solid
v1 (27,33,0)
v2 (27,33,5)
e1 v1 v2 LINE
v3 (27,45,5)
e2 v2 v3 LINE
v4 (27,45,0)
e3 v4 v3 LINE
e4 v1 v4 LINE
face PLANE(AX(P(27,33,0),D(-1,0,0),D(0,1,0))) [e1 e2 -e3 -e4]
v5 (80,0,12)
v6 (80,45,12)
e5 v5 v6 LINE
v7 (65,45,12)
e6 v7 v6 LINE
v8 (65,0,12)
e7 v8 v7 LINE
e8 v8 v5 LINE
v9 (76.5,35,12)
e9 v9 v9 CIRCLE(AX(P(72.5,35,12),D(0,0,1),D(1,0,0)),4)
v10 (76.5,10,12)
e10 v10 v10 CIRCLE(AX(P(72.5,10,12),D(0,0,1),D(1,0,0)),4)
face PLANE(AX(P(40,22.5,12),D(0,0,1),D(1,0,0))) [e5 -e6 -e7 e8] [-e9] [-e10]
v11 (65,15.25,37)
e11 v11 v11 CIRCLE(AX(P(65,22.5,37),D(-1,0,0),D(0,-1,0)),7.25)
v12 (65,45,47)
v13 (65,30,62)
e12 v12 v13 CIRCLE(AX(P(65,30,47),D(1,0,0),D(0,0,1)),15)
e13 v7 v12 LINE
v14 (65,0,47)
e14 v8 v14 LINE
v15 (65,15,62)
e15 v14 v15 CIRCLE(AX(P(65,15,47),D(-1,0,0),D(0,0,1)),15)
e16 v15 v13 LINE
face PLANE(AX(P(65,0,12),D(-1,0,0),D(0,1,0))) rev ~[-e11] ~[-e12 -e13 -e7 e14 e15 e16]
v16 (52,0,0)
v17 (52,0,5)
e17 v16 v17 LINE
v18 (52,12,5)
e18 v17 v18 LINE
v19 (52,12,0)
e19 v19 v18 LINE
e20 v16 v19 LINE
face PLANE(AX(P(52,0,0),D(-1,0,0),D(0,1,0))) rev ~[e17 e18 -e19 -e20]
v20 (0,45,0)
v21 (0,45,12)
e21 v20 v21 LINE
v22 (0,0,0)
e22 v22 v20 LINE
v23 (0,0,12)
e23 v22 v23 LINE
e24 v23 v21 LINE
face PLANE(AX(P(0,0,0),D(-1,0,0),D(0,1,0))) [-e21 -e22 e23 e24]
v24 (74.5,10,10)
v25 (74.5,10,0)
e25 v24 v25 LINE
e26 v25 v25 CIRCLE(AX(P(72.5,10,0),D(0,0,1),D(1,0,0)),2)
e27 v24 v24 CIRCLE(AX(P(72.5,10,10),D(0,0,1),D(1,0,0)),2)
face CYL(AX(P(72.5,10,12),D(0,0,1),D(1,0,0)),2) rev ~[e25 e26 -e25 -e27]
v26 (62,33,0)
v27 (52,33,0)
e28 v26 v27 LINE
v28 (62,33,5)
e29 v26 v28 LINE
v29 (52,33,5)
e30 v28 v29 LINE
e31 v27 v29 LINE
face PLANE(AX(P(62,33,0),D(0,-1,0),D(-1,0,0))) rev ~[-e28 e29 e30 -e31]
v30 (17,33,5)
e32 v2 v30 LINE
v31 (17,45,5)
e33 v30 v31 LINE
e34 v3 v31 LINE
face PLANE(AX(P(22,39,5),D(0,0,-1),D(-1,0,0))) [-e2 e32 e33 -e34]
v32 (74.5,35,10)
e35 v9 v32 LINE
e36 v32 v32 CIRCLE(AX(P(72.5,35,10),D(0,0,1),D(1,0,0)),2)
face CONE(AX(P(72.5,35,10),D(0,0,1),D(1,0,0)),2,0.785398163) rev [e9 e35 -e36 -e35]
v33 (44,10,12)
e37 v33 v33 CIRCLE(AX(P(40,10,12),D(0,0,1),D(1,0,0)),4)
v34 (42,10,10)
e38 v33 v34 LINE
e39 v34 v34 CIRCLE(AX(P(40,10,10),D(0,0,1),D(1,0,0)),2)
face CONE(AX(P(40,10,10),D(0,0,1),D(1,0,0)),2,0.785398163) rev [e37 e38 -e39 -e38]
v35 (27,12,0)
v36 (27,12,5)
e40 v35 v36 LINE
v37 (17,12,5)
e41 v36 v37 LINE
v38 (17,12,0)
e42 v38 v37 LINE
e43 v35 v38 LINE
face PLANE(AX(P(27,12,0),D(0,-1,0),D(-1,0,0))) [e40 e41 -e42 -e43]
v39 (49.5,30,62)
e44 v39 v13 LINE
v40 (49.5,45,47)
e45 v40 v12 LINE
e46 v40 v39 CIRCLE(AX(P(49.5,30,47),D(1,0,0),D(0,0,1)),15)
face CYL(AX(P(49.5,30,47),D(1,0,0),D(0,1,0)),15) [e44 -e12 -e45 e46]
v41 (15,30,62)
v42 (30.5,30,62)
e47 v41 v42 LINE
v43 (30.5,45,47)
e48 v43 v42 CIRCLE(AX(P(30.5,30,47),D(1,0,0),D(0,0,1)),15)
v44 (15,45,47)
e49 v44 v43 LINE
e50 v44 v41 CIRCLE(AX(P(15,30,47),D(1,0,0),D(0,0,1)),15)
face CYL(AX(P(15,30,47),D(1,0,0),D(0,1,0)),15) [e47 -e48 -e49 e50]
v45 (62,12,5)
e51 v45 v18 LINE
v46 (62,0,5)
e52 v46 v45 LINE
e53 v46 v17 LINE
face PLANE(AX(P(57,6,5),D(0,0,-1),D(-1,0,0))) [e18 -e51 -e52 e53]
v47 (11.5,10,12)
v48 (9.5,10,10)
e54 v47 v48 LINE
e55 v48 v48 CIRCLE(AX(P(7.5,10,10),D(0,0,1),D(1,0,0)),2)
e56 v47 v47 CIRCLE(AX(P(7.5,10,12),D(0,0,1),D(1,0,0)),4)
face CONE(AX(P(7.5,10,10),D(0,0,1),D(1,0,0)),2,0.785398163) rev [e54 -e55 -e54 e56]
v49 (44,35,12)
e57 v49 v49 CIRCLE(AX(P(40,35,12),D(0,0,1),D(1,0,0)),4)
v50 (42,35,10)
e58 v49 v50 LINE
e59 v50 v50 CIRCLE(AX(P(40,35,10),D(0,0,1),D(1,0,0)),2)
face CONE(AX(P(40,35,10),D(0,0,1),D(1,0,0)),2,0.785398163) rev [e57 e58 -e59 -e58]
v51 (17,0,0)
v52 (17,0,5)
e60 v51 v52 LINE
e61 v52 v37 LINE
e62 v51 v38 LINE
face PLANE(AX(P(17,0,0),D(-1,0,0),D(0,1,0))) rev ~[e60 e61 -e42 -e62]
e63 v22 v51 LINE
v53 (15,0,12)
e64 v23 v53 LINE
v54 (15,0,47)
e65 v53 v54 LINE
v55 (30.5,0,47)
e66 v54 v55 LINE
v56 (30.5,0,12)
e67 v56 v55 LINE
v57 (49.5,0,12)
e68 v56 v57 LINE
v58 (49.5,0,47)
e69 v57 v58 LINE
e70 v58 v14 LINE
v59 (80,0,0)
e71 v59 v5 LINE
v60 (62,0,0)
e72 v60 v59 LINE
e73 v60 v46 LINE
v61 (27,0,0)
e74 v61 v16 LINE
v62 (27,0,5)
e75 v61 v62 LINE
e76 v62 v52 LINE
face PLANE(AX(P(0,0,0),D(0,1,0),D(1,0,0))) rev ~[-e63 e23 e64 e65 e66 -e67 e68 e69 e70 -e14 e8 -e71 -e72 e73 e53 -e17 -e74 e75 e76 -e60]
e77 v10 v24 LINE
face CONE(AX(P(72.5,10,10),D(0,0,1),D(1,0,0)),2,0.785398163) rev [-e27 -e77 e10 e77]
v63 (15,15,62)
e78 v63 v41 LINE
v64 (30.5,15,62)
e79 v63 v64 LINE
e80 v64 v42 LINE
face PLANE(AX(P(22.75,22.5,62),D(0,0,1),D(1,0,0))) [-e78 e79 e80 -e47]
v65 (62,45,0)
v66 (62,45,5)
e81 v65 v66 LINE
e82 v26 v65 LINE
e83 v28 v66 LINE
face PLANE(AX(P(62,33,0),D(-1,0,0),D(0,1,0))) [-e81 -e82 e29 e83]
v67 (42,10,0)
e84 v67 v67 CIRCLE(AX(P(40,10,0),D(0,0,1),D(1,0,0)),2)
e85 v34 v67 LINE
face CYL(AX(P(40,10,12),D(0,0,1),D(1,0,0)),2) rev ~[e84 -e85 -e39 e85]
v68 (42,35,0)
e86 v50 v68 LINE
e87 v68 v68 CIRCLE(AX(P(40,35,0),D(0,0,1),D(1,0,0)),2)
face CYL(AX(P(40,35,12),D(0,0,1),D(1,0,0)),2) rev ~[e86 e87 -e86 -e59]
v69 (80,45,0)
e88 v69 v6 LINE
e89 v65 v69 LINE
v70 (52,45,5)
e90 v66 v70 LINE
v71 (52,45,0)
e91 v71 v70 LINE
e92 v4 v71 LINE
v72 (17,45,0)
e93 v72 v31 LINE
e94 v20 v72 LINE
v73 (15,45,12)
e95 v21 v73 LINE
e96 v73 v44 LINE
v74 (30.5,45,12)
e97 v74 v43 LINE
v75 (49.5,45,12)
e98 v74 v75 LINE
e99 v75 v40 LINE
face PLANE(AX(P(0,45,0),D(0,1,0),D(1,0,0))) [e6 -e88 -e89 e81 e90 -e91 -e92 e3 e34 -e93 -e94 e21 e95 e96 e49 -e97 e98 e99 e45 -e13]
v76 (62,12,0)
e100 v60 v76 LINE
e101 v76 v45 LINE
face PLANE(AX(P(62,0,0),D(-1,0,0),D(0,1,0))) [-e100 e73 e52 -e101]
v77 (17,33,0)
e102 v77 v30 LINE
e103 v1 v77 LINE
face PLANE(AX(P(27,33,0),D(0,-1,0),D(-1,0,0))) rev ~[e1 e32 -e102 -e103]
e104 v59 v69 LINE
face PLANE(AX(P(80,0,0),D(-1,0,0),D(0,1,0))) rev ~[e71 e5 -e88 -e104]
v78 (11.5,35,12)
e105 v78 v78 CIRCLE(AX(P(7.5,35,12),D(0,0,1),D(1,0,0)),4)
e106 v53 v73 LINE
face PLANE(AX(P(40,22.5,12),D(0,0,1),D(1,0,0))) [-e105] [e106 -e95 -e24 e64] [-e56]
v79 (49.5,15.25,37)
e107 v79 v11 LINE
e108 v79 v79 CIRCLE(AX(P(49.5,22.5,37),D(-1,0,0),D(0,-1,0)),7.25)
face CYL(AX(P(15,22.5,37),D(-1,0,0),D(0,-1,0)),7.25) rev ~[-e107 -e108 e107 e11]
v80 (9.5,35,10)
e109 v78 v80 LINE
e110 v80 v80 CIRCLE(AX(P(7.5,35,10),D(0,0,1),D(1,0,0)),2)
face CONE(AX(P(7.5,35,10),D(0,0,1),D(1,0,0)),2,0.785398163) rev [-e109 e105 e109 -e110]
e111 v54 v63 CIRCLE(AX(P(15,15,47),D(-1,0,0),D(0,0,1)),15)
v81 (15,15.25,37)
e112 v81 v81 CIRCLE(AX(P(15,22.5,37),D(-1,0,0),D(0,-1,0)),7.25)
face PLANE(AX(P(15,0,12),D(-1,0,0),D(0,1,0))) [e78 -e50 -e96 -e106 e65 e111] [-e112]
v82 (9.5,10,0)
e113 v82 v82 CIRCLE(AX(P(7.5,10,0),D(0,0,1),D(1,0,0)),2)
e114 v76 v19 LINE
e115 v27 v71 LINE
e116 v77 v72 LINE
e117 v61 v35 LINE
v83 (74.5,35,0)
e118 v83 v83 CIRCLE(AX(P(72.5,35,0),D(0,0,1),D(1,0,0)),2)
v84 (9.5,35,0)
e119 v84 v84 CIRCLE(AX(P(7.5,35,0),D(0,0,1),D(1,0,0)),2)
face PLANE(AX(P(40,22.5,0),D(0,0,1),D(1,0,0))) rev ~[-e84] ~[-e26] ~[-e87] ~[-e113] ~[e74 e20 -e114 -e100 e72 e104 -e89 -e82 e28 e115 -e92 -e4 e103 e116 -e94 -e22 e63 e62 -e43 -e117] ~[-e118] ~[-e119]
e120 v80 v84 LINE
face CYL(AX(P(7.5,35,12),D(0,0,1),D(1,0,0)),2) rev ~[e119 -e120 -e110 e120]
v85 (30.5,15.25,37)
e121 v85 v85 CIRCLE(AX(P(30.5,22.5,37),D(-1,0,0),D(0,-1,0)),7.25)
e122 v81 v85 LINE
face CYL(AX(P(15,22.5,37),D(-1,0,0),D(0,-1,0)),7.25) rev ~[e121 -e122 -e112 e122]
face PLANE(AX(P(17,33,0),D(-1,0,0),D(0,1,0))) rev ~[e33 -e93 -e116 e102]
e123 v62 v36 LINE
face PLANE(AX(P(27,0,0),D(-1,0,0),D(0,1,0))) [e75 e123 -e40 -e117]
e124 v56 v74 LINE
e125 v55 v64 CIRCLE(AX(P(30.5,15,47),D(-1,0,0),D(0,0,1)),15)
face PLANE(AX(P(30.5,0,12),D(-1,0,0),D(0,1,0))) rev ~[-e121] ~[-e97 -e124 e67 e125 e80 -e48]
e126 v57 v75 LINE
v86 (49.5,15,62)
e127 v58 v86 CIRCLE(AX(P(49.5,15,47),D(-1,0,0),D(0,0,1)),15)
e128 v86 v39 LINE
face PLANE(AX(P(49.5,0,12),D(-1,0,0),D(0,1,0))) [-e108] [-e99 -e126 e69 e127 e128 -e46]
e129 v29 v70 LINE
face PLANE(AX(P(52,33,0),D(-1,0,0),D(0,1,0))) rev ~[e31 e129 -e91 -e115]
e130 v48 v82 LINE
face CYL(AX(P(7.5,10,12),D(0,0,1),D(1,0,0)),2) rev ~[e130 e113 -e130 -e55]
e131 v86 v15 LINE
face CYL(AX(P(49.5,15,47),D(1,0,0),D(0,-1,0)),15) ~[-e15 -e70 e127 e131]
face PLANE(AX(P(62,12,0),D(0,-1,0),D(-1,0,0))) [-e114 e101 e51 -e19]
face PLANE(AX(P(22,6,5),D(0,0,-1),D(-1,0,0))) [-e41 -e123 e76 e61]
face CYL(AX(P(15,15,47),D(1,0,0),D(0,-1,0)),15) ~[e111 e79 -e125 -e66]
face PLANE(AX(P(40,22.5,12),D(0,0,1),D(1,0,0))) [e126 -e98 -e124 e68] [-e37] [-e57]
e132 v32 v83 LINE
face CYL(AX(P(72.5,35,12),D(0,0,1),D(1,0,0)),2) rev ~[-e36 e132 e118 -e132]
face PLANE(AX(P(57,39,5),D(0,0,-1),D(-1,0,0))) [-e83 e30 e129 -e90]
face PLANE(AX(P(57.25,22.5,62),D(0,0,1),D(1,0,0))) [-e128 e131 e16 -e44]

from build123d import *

# Parameters (mm, degrees)
SKETCH1_W           = 80
SKETCH1_H           = 45
BOSS_EXTRUDE1_DEPTH = 12
SKETCH2_W           = 15.5
SKETCH2_H           = 45
BOSS_EXTRUDE2_DEPTH = 50
SKETCH3_R           = 7.25
CUT_EXTRUDE1_DEPTH  = 50
FILLET1_R           = 15
SKETCH5_R           = 2
CUT_EXTRUDE2_DEPTH  = 50
CHAMFER1_SIZE       = 2
SKETCH6_W           = 10
SKETCH6_H           = 12
CUT_EXTRUDE3_DEPTH  = 5


with BuildPart() as part:
    # Sketch1 → Boss-Extrude1 (new body)
    with BuildSketch(Plane.XY):
        with Locations((40, 22.5)):
            Rectangle(SKETCH1_W, SKETCH1_H)
    extrude(amount=BOSS_EXTRUDE1_DEPTH)

    # Sketch2 → Boss-Extrude2 (add)
    with BuildSketch(Plane.XY.offset(12)):
        with Locations((22.75, 22.5)):
            Rectangle(SKETCH2_W, SKETCH2_H)
        with Locations((57.25, 22.5)):
            Rectangle(SKETCH2_W, SKETCH2_H)
    extrude(amount=BOSS_EXTRUDE2_DEPTH)

    # Sketch3 → Cut-Extrude1 (cut)
    with BuildSketch(Plane.ZY.offset(-15)):
        with Locations(Location((37, 22.5, 0), (0, 0, 270))):
            Circle(SKETCH3_R)
    extrude(amount=-CUT_EXTRUDE1_DEPTH, mode=Mode.SUBTRACT)

    # Fillet1
    fillet1_edges = [part.edges().sort_by_distance(p)[0] for p in [
        (22.75, 0, 62),
        (22.75, 45, 62),
        (57.25, 0, 62),
        (57.25, 45, 62),
    ]]
    fillet(fillet1_edges, radius=FILLET1_R)

    # Sketch5 → Cut-Extrude2 (cut)
    with BuildSketch(Plane.XY.offset(12)):
        with Locations((7.5, 35)):
            Circle(SKETCH5_R)
        with Locations((7.5, 10)):
            Circle(SKETCH5_R)
        with Locations((40, 35)):
            Circle(SKETCH5_R)
        with Locations((40, 10)):
            Circle(SKETCH5_R)
        with Locations((72.5, 35)):
            Circle(SKETCH5_R)
        with Locations((72.5, 10)):
            Circle(SKETCH5_R)
    extrude(amount=-CUT_EXTRUDE2_DEPTH, mode=Mode.SUBTRACT)

    # Chamfer1
    chamfer1_edges = [part.edges().sort_by_distance(p)[0] for p in [
        (5.5, 35, 12),
        (70.5, 10, 12),
        (70.5, 35, 12),
        (38, 10, 12),
        (38, 35, 12),
        (5.5, 10, 12),
    ]]
    chamfer(chamfer1_edges, length=CHAMFER1_SIZE)

    # Sketch6 → Cut-Extrude3 (cut)
    with BuildSketch(Plane(origin=(0, 0, 0), x_dir=(-1, 0, 0), z_dir=(0, 0, -1))):
        with Locations((-22, 6)):
            Rectangle(SKETCH6_W, SKETCH6_H)
        with Locations((-57, 6)):
            Rectangle(SKETCH6_W, SKETCH6_H)
        with Locations((-57, 39)):
            Rectangle(SKETCH6_W, SKETCH6_H)
        with Locations((-22, 39)):
            Rectangle(SKETCH6_W, SKETCH6_H)
    extrude(amount=-CUT_EXTRUDE3_DEPTH, mode=Mode.SUBTRACT)


solid = part.part
